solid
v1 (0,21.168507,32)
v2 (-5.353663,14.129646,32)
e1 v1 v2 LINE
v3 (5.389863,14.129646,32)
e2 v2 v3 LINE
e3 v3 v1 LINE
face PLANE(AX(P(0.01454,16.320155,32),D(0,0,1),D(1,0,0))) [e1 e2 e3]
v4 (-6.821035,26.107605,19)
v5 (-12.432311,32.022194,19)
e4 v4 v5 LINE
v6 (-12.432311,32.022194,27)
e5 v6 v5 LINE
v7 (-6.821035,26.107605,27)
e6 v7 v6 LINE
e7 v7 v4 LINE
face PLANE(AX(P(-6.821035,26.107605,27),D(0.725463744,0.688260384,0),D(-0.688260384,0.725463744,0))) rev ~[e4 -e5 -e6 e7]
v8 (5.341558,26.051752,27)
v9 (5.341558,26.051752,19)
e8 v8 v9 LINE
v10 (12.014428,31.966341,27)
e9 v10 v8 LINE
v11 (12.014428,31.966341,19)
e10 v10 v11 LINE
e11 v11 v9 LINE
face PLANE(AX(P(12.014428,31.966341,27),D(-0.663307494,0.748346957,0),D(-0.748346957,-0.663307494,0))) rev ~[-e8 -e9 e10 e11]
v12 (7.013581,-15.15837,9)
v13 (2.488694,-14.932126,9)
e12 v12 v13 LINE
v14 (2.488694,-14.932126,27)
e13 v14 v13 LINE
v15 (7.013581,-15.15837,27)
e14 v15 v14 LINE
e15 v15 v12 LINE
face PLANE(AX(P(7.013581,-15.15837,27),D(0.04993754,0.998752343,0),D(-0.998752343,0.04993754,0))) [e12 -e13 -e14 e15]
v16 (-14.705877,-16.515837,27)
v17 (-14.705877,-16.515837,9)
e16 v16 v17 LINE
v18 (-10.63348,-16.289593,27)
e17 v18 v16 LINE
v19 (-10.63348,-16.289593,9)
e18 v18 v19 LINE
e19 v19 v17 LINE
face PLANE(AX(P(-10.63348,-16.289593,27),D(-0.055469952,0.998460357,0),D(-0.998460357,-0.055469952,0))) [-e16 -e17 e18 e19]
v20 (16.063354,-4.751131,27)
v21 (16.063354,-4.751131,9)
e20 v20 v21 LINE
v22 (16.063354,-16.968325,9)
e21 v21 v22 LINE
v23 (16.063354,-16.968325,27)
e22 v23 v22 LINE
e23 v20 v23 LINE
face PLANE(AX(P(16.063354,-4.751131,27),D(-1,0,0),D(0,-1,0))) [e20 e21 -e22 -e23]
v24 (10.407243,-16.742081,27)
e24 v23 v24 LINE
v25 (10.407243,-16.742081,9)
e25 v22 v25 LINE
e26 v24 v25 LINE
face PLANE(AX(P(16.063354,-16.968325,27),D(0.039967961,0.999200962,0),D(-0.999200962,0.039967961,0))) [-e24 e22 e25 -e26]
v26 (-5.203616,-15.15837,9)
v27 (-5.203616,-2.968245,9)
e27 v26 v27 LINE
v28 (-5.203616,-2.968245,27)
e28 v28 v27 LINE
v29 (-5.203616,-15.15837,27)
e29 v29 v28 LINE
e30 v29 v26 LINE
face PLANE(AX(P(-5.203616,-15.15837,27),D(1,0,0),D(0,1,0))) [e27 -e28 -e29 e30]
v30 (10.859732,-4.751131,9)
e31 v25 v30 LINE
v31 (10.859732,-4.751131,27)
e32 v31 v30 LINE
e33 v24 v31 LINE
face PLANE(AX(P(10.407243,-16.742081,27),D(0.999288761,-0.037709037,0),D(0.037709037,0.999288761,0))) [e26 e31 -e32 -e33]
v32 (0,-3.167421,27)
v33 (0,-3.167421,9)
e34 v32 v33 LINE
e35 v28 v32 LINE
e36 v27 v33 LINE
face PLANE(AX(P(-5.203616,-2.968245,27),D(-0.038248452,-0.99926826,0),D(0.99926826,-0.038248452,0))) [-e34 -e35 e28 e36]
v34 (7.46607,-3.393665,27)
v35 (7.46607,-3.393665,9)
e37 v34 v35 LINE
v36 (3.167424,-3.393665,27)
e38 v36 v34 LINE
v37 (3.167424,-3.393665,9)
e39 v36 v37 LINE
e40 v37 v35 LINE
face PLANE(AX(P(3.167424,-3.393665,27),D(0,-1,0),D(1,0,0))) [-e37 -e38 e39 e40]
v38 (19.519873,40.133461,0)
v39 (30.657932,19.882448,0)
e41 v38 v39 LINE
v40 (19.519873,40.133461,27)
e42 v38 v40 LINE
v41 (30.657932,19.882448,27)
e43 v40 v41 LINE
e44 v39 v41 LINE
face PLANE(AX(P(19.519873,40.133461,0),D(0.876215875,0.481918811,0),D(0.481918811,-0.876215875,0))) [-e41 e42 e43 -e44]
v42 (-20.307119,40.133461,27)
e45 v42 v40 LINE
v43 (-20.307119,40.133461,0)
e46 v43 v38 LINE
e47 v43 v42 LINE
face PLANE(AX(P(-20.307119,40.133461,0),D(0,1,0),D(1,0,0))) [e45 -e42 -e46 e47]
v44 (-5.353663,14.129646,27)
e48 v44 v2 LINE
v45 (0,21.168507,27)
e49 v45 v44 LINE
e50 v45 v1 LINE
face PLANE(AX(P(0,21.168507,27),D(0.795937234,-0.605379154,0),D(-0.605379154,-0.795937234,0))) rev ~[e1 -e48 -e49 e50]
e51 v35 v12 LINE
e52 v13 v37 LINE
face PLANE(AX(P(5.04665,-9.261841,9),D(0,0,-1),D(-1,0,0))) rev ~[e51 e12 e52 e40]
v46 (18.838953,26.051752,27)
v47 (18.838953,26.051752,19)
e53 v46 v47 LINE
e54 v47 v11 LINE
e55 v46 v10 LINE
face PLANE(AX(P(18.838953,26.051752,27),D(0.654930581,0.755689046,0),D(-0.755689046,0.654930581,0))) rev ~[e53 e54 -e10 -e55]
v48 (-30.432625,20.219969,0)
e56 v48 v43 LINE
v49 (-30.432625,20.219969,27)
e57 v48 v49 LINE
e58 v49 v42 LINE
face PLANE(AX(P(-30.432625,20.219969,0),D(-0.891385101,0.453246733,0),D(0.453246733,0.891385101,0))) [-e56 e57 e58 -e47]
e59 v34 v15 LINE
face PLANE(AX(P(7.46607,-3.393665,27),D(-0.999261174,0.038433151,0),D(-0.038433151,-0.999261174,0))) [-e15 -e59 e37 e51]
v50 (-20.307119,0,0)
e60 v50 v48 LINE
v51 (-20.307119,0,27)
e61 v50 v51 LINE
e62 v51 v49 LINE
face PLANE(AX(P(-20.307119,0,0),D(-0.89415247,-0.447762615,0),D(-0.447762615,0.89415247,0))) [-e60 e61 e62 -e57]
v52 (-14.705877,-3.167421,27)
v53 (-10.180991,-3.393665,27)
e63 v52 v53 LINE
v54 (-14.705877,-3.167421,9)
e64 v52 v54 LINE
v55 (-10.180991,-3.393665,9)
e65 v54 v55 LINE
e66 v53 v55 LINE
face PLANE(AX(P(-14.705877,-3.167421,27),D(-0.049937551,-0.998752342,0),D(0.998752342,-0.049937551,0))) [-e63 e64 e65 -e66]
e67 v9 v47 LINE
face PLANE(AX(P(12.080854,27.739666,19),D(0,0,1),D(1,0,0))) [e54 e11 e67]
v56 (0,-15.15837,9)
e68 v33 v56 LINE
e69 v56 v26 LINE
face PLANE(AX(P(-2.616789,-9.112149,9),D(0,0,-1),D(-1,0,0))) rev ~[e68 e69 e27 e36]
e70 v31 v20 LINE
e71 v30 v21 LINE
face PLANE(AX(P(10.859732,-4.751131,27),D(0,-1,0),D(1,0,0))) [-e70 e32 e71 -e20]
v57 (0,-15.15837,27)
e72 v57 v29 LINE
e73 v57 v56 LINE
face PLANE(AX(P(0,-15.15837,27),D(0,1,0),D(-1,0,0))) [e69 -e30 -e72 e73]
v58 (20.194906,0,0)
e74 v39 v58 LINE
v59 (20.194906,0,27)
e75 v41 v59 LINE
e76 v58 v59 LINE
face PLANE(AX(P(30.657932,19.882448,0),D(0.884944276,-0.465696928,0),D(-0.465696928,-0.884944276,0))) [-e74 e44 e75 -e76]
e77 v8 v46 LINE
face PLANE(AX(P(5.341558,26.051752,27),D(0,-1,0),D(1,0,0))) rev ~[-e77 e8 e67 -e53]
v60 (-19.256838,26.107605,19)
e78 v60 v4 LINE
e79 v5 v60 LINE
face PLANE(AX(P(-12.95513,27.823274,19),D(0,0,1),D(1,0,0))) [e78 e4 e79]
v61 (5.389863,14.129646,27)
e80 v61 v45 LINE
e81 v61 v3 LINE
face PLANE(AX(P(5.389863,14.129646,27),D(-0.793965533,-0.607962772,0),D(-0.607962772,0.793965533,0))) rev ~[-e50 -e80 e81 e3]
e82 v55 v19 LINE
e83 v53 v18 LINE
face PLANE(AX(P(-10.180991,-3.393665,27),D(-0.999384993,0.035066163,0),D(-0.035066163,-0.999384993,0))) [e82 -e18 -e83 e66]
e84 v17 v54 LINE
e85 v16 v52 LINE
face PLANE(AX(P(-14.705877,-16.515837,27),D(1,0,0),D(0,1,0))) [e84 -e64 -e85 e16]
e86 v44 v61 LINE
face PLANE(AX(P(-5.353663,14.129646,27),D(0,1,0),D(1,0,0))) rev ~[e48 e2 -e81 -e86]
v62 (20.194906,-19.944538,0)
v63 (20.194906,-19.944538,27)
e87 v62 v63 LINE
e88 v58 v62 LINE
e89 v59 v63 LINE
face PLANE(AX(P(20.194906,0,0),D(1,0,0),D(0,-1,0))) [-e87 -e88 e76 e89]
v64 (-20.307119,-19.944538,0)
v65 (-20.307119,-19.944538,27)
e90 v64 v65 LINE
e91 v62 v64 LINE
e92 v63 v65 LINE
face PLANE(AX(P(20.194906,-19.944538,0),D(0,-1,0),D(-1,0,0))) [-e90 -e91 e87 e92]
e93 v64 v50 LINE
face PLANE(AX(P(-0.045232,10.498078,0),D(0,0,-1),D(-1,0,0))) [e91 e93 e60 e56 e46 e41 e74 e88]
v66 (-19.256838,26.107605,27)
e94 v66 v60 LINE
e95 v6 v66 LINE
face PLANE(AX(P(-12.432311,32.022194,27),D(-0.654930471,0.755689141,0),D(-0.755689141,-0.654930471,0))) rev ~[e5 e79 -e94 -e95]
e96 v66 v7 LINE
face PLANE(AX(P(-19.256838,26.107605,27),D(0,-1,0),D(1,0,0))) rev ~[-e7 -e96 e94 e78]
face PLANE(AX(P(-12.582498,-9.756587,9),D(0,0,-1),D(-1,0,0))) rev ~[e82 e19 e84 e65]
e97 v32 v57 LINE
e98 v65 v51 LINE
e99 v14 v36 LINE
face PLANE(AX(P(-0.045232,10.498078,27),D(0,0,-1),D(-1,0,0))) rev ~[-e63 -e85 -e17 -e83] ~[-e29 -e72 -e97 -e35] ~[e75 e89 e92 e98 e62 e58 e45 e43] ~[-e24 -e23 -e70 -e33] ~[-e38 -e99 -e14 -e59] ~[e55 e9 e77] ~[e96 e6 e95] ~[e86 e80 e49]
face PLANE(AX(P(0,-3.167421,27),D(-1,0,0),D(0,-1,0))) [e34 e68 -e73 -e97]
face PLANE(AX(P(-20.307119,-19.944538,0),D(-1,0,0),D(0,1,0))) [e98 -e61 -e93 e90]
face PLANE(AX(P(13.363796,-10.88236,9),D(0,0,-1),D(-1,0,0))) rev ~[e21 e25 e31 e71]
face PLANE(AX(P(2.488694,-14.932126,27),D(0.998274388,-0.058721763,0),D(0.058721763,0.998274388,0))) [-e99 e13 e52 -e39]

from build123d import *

# Parameters (mm, degrees)
PAD_DEPTH       = 27
POCKET_DEPTH    = 18
PAD001_DEPTH    = 5
POCKET001_DEPTH = 8


with BuildPart() as part:
    # Sketch → Pad (new body)
    with BuildSketch(Plane.XY):
        Polygon((-20.307119, 40.133461), (19.519873, 40.133461), (30.657932, 19.882448), (20.194906, 0), (20.194906, -19.944538), (-20.307119, -19.944538), (-20.307119, 0), (-30.432625, 20.219969), align=None)
    extrude(amount=PAD_DEPTH)

    # Sketch001 (on Face10 of Pad) → Pocket (cut)
    with BuildSketch(Plane.XY.offset(27)):
        Polygon((-14.705877, -3.167421), (-10.180991, -3.393665), (-10.63348, -16.289593), (-14.705877, -16.515837), align=None)
        Polygon((-5.203616, -2.968245), (0, -3.167421), (0, -15.15837), (-5.203616, -15.15837), align=None)
        Polygon((3.167424, -3.393665), (7.46607, -3.393665), (7.013581, -15.15837), (2.488694, -14.932126), align=None)
        Polygon((10.859732, -4.751131), (16.063354, -4.751131), (16.063354, -16.968325), (10.407243, -16.742081), align=None)
    extrude(amount=-POCKET_DEPTH, mode=Mode.SUBTRACT)

    # Sketch002 (on Face5 of Pocket) → Pad001 (join)
    with BuildSketch(Plane.XY.offset(27)):
        Polygon((0, 21.168507), (-5.353663, 14.129646), (5.389863, 14.129646), align=None)
    extrude(amount=PAD001_DEPTH)

    # Sketch003 (on Face5 of Pad001) → Pocket001 (cut)
    with BuildSketch(Plane.XY.offset(27)):
        Polygon((-12.432311, 32.022194), (-19.256838, 26.107605), (-6.821035, 26.107605), align=None)
        Polygon((12.014428, 31.966341), (5.341558, 26.051752), (18.838953, 26.051752), align=None)
    extrude(amount=-POCKET001_DEPTH, mode=Mode.SUBTRACT)


solid = part.part
